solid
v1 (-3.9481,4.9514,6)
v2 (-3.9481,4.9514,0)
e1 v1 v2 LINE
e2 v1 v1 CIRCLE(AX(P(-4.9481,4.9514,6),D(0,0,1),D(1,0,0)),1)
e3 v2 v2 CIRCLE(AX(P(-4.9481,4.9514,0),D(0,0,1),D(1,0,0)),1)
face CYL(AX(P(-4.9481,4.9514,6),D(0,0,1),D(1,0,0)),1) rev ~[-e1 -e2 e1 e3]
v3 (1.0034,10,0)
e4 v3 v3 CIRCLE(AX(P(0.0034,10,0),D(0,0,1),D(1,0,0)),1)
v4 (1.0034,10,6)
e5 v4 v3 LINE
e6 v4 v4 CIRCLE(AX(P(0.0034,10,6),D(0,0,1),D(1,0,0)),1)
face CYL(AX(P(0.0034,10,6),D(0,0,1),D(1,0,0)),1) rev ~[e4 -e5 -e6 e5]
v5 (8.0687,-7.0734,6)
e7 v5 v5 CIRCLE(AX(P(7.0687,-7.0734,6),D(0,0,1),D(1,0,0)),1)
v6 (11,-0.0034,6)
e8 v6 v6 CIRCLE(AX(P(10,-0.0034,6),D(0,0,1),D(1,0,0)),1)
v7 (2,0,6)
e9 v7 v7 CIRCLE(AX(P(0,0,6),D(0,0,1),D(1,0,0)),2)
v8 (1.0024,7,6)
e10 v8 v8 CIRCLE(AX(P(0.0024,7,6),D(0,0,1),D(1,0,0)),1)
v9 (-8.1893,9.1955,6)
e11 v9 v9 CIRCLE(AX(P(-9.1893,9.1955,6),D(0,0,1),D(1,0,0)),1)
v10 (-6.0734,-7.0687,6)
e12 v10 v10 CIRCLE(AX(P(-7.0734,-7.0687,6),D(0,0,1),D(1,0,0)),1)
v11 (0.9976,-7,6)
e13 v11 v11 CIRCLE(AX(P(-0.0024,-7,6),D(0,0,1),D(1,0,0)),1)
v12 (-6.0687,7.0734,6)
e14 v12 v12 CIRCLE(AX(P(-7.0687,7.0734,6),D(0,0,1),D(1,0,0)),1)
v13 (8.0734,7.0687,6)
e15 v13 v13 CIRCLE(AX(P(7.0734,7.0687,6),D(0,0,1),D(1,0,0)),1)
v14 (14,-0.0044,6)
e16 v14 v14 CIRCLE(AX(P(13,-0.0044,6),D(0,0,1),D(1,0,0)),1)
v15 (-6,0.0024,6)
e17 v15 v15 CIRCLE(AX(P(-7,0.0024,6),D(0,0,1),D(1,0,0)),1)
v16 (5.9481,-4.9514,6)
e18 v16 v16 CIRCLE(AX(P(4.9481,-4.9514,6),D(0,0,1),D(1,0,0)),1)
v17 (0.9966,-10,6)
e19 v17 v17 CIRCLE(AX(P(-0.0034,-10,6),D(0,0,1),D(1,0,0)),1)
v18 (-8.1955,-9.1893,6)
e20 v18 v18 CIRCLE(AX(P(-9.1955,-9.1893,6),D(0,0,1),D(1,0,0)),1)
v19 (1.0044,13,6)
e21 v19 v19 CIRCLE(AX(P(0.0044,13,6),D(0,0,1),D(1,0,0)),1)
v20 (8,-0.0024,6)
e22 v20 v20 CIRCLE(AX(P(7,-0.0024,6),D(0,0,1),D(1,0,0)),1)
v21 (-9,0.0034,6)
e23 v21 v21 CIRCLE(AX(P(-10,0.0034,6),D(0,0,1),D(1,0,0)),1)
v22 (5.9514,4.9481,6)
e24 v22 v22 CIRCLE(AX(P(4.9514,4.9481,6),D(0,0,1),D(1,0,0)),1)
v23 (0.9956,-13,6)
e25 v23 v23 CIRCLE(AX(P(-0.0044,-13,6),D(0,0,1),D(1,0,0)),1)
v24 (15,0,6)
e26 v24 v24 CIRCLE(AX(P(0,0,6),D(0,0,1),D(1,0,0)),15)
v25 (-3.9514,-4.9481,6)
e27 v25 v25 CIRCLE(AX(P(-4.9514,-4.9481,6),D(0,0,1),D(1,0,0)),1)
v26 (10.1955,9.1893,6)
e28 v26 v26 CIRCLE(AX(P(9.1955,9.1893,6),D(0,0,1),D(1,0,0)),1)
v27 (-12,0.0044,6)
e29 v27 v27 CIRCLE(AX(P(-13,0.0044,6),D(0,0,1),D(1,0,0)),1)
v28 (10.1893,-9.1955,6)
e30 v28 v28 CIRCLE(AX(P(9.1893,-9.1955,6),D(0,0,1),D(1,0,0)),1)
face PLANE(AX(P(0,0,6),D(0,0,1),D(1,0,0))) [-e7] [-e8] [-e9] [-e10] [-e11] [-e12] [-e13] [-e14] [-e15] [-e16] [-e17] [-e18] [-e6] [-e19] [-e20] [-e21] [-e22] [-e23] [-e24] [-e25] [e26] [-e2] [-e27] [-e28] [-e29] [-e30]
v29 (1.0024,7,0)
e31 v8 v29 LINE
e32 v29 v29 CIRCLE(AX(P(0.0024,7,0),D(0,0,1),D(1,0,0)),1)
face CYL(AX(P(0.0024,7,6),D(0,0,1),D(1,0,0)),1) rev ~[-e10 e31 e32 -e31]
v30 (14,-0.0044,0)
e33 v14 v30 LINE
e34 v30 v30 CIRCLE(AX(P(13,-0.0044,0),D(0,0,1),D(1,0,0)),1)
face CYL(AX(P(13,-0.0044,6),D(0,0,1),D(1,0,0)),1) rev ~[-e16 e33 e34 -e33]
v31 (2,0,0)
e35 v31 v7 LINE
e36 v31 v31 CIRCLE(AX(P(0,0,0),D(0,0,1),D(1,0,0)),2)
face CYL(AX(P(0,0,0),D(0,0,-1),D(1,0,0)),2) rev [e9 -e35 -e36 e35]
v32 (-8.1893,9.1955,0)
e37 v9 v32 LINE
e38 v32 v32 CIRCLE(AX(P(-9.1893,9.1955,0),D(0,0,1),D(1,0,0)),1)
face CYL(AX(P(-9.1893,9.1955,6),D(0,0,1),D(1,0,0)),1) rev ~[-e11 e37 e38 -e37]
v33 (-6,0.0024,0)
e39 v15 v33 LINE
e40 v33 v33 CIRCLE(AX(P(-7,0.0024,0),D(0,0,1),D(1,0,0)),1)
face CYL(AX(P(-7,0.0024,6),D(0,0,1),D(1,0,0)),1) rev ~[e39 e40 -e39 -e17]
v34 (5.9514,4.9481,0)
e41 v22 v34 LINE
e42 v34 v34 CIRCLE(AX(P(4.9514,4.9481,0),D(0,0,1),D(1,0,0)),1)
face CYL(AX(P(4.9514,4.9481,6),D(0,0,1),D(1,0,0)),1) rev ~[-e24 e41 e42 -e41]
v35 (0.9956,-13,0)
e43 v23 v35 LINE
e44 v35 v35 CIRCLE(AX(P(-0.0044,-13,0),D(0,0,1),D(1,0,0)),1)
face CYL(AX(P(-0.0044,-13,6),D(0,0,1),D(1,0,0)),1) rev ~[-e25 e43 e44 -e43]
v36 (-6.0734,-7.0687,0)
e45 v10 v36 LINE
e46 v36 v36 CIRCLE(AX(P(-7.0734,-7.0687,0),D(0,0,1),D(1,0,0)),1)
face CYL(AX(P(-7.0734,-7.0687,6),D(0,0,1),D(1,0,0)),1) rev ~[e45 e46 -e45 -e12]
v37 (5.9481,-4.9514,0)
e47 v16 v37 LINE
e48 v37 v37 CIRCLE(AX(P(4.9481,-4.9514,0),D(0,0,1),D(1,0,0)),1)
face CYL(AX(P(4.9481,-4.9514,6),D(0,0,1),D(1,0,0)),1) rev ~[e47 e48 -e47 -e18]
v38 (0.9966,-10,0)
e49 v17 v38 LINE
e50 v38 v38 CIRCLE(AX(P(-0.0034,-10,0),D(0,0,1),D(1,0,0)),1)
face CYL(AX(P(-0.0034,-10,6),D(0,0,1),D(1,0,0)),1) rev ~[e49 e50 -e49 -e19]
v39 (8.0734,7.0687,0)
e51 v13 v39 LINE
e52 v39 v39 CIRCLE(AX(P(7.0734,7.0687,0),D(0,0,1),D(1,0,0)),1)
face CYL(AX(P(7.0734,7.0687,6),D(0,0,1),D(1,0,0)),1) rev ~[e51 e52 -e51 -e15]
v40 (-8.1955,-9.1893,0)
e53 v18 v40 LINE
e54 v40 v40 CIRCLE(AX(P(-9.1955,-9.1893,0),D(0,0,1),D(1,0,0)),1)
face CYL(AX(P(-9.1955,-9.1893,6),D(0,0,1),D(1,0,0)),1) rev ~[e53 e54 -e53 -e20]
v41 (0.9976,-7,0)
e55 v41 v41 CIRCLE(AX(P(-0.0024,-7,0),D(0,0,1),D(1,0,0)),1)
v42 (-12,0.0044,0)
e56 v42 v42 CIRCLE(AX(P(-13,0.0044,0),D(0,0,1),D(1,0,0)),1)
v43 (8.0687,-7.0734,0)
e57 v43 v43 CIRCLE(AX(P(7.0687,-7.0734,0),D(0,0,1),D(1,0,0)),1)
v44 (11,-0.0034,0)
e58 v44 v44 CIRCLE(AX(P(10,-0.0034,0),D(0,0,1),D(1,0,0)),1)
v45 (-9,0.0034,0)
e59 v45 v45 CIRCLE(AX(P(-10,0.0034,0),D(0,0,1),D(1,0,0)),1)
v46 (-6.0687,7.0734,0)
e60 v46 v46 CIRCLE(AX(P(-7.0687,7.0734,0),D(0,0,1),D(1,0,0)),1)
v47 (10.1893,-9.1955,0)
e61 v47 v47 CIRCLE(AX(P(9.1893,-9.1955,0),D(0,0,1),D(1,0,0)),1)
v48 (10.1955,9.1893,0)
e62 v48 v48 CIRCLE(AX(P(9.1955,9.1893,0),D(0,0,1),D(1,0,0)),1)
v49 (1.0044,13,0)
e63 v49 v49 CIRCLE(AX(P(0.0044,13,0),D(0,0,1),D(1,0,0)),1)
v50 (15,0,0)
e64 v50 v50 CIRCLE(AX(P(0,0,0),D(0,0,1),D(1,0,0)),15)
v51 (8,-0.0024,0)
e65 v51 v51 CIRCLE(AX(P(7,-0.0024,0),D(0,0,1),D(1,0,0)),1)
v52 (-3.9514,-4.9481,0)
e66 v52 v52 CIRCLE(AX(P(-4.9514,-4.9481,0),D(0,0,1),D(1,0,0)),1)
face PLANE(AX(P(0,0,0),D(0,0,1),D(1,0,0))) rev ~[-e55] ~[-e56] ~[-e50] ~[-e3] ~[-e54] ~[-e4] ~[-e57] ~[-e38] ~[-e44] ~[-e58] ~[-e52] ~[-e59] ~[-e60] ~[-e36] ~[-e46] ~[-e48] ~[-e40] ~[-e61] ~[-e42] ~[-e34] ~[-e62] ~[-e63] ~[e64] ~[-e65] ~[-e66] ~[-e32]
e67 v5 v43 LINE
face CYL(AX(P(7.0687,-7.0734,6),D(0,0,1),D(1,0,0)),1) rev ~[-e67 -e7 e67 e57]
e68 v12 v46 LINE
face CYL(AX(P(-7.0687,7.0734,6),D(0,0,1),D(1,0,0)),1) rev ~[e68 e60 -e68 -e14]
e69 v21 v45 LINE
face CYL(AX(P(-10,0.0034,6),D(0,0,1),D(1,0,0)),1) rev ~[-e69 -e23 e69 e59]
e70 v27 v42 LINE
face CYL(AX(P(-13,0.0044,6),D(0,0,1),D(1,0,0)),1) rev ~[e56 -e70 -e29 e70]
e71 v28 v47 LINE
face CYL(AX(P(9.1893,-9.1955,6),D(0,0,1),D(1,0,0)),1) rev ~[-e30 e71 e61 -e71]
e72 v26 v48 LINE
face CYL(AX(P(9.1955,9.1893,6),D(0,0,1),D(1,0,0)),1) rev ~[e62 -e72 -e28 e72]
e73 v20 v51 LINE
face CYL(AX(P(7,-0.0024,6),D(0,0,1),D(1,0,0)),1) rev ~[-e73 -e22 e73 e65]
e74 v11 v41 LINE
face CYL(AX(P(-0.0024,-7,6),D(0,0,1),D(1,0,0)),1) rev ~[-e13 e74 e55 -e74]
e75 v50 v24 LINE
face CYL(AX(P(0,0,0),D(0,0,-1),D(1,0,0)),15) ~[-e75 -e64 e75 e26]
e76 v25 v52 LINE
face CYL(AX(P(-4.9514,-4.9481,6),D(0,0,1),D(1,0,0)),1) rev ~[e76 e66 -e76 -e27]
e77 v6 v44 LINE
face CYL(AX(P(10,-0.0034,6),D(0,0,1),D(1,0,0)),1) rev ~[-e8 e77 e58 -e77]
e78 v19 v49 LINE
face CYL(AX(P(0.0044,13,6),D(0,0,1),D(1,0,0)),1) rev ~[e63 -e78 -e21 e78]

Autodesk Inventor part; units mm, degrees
ref_plane "YZ Plane" through (0, 0, 0) normal (1, 0, 0) x (0, 1, 0)
ref_plane "XZ Plane" through (0, 0, 0) normal (0, 1, 0) x (-1, 0, 0)
ref_plane "XY Plane" through (0, 0, 0) normal (0, 0, 1) x (1, 0, 0)
sketch "Esquisse1" plane through (0, 0, 0) normal (0, 0, 1) x (1, 0, 0)
  circle A0 centre (0, 0) radius 15
  circle A1 centre (0, 0) radius 2
  dimension "d0" = 4
  dimension "d1" = 30
extrude "Extrusion1" add sketch "Esquisse1" along normal blind 6
sketch "Esquisse2" plane through (0, 0, 6) normal (0, 0, 1) x (1, 0, 0)
  circle A0 centre (0, 0) radius 15 construction
  line L0 (-15, 0) -> (15, 0) construction
  line L1 (-10.603, 10.6102) -> (10.603, -10.6102) construction
  circle A1 centre (-7.0687, 7.0734) radius 1
  circle A2 centre (-4.9481, 4.9514) radius 1
  circle A3 centre (-9.1893, 9.1955) radius 1
  line L2 (-10.603, -10.6102) -> (10.603, 10.6102) construction
  line L3 (0, 15) -> (0, -15) construction
  circle A4 centre (0, 0) radius 13 construction
  circle A5 centre (0, 0) radius 10 construction
  circle A6 centre (0, 0) radius 7 construction
  circle A7 centre (-13, 0.0044) radius 1
  circle A8 centre (-10, 0.0034) radius 1
  circle A9 centre (-7, 0.0024) radius 1
  circle A10 centre (-9.1955, -9.1893) radius 1
  circle A11 centre (-7.0734, -7.0687) radius 1
  circle A12 centre (-4.9514, -4.9481) radius 1
  circle A13 centre (-0.0044, -13) radius 1
  circle A14 centre (-0.0034, -10) radius 1
  circle A15 centre (-0.0024, -7) radius 1
  circle A16 centre (9.1893, -9.1955) radius 1
  circle A17 centre (7.0687, -7.0734) radius 1
  circle A18 centre (4.9481, -4.9514) radius 1
  circle A19 centre (13, -0.0044) radius 1
  circle A20 centre (10, -0.0034) radius 1
  circle A21 centre (7, -0.0024) radius 1
  circle A22 centre (9.1955, 9.1893) radius 1
  circle A23 centre (7.0734, 7.0687) radius 1
  circle A24 centre (4.9514, 4.9481) radius 1
  circle A25 centre (0.0044, 13) radius 1
  circle A26 centre (0.0034, 10) radius 1
  circle A27 centre (0.0024, 7) radius 1
  point P0 (-1.4132, 1.4141)
  dimension "d42" = 2
  dimension "d43" = 2
  dimension "d44" = 2
  dimension "d48" = 3
  dimension "d49" = 2
  dimension "d50" = 3
  dimension "d60" = 360
extrude "Extrusion3" cut sketch "Esquisse2" against normal blind 6
properties part number "Hand Polley v2" material "Plastique ABS"
